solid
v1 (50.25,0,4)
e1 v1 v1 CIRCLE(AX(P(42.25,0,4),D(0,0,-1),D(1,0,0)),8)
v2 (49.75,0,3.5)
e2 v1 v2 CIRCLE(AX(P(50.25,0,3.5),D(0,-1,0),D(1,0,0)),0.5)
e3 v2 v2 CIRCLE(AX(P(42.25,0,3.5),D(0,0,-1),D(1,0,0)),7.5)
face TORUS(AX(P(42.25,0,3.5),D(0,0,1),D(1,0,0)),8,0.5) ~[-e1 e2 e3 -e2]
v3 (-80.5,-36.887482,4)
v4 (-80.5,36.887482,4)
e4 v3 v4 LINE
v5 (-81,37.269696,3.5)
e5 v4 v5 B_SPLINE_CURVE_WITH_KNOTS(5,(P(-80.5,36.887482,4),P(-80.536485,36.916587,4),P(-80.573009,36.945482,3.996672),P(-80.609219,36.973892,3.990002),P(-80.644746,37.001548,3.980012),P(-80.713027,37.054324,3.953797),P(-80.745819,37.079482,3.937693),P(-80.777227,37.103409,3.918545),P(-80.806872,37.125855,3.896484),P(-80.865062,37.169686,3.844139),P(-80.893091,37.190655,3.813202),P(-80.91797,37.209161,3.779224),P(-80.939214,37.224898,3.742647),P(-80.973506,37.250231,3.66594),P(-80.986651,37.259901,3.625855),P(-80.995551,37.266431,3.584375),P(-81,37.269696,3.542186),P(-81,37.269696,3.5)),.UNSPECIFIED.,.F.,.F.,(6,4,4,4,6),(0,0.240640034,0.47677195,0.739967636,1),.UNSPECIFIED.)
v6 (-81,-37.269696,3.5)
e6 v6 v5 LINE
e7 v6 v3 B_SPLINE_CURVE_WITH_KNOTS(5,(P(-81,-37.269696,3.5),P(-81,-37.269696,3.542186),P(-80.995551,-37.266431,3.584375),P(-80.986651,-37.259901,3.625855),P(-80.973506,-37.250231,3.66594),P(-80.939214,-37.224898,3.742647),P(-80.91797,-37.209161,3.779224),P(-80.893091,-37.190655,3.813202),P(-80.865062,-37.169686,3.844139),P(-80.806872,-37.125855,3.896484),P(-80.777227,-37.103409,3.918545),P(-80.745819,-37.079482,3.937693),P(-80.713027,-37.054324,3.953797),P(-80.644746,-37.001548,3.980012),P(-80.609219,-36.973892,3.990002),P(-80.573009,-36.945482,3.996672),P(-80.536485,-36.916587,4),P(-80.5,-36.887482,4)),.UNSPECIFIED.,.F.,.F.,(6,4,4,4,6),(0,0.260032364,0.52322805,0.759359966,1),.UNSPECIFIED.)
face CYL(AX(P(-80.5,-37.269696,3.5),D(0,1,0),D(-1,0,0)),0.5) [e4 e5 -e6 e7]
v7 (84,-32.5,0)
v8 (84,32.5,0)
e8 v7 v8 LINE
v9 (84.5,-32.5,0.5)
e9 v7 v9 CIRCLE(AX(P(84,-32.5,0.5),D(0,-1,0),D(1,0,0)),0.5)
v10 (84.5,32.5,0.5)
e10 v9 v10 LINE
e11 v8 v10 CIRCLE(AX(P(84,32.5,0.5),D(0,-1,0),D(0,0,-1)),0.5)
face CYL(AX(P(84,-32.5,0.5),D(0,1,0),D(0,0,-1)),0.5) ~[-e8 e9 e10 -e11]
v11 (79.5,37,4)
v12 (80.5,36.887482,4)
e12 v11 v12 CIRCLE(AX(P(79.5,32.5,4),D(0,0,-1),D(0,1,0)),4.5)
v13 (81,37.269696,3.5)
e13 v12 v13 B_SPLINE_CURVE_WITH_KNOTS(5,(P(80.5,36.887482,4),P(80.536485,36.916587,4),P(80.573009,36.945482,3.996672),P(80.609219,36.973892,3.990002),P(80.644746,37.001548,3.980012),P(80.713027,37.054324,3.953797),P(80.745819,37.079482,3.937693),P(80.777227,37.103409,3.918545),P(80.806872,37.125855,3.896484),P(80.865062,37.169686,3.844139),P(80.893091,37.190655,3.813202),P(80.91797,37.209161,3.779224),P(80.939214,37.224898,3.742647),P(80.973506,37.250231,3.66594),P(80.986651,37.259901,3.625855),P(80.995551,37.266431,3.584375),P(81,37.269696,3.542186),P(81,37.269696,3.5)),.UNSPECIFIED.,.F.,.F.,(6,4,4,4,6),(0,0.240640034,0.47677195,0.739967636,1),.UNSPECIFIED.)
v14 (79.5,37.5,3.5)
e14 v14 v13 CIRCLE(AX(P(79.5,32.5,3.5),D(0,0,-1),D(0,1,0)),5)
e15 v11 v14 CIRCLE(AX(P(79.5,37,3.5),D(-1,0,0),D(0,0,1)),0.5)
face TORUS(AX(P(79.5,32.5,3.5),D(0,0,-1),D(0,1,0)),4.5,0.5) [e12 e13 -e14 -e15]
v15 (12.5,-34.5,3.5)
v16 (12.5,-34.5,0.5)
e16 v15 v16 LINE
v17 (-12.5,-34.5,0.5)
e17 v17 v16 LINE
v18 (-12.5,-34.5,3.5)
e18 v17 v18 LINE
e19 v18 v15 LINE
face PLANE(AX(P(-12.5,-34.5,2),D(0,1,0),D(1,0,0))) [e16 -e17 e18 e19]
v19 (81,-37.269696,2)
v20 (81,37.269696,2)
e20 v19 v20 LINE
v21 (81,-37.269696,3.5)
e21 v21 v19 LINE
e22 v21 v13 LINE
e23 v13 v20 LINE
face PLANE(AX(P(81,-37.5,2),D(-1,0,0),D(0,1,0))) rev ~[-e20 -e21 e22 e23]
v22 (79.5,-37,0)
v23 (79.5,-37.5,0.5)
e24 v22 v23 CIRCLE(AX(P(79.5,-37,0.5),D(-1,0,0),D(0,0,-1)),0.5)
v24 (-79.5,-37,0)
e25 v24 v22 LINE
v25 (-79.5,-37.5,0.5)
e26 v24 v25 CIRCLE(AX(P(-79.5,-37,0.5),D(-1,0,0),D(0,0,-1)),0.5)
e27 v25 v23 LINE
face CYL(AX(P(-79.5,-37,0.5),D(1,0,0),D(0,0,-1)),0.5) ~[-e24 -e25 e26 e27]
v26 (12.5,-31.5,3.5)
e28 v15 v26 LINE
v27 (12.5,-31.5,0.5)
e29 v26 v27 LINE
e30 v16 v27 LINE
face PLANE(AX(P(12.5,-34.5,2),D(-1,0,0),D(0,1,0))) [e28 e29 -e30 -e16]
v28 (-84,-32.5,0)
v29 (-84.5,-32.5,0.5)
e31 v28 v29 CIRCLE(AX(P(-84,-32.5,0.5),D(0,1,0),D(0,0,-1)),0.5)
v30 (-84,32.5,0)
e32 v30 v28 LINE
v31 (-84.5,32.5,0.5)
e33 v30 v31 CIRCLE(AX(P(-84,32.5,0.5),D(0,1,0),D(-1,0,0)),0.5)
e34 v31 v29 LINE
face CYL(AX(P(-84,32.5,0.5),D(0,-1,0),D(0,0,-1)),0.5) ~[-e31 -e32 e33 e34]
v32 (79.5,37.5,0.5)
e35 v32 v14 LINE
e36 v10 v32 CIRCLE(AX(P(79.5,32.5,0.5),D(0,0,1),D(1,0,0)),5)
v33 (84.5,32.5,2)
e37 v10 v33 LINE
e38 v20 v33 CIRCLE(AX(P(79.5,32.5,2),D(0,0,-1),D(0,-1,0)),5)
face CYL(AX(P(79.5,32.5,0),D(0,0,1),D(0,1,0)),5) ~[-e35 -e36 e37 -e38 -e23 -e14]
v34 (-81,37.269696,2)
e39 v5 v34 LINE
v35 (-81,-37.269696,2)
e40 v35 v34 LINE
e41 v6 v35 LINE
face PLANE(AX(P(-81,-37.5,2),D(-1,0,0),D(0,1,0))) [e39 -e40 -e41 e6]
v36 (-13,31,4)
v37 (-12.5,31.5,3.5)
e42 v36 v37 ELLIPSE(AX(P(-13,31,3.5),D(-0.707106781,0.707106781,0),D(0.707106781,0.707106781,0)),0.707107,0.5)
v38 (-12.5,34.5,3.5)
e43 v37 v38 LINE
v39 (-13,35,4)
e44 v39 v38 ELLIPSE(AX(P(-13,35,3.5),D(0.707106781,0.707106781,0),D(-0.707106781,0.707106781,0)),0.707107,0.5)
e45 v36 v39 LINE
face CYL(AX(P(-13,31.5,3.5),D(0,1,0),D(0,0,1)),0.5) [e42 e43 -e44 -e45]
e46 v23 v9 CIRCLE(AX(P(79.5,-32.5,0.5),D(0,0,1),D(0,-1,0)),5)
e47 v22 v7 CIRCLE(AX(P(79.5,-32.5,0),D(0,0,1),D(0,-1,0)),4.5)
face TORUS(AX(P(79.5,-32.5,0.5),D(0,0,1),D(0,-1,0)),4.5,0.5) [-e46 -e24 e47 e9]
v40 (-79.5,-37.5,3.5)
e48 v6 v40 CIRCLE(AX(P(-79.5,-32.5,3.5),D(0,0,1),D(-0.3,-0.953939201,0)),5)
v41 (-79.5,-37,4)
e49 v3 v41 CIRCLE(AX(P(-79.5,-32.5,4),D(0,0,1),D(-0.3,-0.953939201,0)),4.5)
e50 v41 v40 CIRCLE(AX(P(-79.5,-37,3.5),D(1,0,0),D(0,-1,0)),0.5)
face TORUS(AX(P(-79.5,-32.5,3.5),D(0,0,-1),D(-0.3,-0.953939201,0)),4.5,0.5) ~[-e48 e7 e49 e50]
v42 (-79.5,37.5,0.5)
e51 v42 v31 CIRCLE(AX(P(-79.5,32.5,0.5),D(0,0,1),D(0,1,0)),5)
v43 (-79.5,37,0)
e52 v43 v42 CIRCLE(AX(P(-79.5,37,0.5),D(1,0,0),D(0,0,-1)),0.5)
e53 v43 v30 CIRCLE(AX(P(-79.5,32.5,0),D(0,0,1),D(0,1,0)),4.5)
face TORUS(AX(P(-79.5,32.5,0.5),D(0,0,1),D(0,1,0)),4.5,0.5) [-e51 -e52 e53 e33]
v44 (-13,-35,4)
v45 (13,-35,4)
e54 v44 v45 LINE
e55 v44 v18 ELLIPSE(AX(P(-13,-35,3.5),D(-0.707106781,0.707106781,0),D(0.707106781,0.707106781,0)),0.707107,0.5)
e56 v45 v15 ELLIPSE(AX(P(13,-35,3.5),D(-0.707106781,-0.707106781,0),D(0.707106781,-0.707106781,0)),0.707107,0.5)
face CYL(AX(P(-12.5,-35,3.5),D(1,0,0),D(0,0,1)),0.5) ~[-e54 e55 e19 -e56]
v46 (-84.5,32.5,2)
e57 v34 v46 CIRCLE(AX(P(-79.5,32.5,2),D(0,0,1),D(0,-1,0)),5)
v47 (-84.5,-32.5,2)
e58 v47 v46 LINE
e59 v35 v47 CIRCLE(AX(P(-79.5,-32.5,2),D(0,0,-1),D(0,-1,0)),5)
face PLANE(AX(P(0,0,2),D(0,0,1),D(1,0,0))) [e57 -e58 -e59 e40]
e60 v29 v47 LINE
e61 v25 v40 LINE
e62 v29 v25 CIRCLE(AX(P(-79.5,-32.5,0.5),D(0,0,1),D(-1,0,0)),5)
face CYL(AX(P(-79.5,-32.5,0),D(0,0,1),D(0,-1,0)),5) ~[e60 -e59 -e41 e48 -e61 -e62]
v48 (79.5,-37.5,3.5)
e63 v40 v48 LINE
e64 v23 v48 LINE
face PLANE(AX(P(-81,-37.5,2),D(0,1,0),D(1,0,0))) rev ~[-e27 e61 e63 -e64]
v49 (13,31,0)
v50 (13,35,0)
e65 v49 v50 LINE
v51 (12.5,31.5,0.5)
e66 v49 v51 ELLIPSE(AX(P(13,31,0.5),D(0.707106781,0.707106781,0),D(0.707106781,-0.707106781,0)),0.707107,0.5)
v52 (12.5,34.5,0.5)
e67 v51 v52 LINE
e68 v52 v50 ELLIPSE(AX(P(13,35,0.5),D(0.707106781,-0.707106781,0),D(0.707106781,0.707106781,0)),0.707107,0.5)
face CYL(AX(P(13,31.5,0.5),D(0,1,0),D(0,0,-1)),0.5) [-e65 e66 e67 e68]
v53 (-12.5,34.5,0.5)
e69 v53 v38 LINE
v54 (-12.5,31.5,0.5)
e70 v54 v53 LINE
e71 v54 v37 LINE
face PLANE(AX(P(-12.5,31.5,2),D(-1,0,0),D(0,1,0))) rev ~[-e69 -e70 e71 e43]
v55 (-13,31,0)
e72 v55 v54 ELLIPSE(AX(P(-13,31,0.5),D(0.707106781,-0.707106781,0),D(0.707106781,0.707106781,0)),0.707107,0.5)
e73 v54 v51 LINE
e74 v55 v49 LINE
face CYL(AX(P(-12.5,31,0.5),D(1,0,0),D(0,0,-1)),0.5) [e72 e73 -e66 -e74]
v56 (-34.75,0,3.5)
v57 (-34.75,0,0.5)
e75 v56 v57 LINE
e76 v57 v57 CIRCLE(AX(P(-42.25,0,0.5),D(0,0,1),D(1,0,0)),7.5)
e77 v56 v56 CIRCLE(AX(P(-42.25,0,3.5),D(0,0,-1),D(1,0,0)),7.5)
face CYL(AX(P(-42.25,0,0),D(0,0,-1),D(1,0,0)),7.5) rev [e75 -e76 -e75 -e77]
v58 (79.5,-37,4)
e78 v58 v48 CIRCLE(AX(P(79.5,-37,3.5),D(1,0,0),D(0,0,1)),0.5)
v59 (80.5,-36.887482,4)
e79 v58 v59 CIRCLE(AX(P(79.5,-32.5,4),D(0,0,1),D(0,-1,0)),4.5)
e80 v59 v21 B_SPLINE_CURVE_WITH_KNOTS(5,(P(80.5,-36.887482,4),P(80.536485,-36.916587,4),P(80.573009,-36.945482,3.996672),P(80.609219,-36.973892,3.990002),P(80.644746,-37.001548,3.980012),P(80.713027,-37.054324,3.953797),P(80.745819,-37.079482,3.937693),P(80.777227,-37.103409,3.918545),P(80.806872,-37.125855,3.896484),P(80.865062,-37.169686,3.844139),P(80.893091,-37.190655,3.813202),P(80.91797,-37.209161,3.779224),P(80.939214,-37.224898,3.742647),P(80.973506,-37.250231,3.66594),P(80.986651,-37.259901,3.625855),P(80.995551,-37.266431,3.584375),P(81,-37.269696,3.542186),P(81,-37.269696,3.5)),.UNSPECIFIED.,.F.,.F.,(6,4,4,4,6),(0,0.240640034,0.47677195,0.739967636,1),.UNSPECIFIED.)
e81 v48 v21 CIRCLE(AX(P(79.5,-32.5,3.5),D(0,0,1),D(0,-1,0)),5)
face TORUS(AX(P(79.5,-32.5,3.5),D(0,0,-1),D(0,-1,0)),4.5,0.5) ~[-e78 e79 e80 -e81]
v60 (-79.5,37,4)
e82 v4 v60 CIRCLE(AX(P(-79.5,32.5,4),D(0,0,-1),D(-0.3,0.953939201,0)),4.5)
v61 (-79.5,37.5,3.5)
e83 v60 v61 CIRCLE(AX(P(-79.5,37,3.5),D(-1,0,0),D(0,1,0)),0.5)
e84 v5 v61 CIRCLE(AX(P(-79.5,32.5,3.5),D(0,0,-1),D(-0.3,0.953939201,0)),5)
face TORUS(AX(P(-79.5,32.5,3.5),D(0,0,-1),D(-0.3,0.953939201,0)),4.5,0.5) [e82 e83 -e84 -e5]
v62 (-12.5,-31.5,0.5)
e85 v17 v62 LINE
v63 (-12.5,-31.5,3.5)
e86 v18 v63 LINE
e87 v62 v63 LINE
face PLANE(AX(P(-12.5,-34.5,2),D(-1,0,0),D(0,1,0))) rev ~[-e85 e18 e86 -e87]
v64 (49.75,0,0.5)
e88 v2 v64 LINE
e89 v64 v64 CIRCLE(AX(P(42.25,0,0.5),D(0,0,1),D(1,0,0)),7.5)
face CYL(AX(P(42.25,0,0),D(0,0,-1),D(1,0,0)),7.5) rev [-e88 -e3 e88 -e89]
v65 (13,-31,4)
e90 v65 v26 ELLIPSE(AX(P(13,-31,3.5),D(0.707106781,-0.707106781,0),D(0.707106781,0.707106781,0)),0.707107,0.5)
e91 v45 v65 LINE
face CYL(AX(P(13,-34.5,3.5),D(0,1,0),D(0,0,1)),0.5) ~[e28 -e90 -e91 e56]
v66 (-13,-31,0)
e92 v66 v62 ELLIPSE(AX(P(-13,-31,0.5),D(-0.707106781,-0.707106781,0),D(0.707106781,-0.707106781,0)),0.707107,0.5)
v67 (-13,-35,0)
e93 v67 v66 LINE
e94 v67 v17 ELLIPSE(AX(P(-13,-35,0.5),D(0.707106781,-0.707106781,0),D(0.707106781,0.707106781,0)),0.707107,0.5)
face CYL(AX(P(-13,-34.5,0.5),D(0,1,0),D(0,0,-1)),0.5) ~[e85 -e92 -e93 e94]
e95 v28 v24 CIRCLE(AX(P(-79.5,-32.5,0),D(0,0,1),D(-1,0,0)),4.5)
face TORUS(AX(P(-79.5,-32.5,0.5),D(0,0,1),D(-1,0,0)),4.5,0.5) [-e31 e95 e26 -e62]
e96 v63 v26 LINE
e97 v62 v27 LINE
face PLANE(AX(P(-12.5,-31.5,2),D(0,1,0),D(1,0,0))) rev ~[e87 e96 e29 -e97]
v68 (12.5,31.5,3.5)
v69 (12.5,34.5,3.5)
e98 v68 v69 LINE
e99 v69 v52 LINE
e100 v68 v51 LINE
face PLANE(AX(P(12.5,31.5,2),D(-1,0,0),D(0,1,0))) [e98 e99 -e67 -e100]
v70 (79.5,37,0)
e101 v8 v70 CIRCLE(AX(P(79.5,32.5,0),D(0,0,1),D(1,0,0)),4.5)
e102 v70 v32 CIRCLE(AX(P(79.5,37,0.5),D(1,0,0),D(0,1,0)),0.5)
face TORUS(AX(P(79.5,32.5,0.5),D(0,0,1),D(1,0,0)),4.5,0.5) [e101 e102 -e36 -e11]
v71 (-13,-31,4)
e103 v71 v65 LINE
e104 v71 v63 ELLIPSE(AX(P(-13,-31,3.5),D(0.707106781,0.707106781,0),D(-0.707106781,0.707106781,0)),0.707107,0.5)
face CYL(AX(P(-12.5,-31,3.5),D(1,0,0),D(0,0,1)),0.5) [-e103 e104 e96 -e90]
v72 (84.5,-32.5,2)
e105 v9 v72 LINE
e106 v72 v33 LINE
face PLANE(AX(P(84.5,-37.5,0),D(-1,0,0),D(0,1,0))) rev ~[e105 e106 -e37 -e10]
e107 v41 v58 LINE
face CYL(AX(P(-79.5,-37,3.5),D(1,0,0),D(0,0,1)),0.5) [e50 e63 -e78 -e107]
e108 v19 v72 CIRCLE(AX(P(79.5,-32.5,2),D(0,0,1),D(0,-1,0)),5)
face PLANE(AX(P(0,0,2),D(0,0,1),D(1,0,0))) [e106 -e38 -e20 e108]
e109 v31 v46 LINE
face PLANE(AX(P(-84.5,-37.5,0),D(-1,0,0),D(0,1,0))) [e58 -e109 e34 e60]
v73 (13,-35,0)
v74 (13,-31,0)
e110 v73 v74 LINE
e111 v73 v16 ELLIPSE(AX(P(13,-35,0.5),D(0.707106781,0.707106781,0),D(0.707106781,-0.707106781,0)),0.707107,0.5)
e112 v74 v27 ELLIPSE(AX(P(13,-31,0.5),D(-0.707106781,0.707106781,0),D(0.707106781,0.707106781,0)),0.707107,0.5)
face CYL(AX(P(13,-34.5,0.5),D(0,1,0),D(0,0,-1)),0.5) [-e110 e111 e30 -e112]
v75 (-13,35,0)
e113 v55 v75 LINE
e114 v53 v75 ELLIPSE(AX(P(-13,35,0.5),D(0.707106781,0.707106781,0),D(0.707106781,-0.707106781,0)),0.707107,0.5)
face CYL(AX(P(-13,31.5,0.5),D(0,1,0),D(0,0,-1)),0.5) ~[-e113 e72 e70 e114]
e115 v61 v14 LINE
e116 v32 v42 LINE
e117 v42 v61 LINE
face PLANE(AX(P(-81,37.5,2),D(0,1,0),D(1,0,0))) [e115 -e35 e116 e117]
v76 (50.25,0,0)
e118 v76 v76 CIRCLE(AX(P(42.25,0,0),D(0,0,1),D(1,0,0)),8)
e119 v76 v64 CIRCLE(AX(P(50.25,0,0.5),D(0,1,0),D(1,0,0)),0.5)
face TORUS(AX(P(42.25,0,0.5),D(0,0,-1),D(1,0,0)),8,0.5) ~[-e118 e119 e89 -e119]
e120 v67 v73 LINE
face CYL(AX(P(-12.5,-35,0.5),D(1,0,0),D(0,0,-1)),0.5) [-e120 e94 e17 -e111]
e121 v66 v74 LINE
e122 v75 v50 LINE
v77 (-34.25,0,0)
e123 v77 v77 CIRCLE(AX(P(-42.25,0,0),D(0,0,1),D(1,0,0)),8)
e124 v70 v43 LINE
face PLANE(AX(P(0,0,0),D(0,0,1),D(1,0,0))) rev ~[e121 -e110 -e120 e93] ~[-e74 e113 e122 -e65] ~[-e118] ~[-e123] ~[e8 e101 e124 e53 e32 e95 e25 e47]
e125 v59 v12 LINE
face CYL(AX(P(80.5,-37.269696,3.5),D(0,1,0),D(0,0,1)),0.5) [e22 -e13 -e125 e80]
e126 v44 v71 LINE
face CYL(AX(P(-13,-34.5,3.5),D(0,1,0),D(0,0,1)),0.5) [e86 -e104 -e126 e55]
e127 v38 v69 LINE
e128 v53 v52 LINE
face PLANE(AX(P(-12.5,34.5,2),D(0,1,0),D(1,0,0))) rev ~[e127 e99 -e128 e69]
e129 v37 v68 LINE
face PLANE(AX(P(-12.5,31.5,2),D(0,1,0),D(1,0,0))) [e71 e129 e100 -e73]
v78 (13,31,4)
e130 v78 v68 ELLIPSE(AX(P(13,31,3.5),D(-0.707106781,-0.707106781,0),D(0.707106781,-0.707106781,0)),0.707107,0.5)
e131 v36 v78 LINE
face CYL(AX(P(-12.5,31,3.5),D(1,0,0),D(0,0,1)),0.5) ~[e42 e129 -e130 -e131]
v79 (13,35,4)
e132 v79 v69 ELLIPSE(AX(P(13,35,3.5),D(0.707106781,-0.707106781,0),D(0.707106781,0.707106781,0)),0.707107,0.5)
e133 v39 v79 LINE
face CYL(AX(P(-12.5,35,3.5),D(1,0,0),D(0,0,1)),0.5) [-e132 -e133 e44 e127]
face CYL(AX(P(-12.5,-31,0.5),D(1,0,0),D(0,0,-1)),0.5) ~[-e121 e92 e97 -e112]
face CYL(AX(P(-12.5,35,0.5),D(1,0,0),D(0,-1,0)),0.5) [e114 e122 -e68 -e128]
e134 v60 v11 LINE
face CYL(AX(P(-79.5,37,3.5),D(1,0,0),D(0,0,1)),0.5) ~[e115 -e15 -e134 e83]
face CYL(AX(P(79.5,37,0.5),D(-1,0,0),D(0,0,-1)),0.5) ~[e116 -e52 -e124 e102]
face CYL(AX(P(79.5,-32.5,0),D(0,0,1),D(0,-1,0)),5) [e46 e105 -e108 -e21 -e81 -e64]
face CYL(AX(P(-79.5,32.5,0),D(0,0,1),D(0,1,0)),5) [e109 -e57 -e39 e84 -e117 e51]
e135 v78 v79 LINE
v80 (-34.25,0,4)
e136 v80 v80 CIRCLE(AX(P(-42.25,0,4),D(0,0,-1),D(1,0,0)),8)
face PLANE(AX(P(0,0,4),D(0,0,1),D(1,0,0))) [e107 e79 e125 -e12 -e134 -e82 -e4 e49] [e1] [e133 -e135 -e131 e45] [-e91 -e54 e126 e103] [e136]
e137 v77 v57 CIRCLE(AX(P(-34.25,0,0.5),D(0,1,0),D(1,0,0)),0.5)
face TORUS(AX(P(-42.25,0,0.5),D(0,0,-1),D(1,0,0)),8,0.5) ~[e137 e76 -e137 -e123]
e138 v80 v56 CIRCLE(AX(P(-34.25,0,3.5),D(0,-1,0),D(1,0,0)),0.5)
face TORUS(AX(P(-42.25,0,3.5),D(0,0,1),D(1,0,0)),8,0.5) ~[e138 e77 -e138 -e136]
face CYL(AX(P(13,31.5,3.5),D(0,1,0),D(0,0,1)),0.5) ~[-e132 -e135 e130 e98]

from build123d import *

# Parameters (mm, degrees)
F0_W     = 169
F0_H     = 75
F0_R     = 7.5
F1_DEPTH = 2
F2_W     = 162
F2_H     = 75
F2_W_2   = 25
F2_H_2   = 3
F3_DEPTH = 2
F4_R     = 5
F5_DEPTH = 25
F6_DEPTH = 25
F7_R     = 0.5


with BuildPart() as f1:
    # F0 (on Top) → F1 (new body)
    with BuildSketch(Plane.XY):
        Rectangle(F0_W, F0_H)
        with Locations((-42.25, 0)):
            Circle(F0_R, mode=Mode.SUBTRACT)
        with Locations((42.25, 0)):
            Circle(F0_R, mode=Mode.SUBTRACT)
    extrude(amount=F1_DEPTH)

    # F2 (on face) → F3 (join)
    with BuildSketch(Plane.XY.offset(2)):
        Rectangle(F2_W, F2_H)
        with Locations((0, -33)):
            Rectangle(F2_W_2, F2_H_2, mode=Mode.SUBTRACT)
        with Locations((0, 33)):
            Rectangle(F2_W_2, F2_H_2, mode=Mode.SUBTRACT)
    extrude(amount=F3_DEPTH)

    # F4
    f4_edges = [f1.edges().sort_by_distance(p)[0] for p in [
        (-84.5, -37.5, 1),
        (84.5, -37.5, 1),
        (84.5, 37.5, 1),
        (-84.5, 37.5, 1),
    ]]
    fillet(f4_edges, radius=F4_R)

    # F0 (on Top) → F5 (cut)
    with BuildSketch(Plane.XY):
        with Locations((42.25, 0)):
            Circle(F0_R)
        with Locations((-42.25, 0)):
            Circle(F0_R)
    extrude(amount=F5_DEPTH, mode=Mode.SUBTRACT)

    # F2 (on face) → F6 (cut)
    with BuildSketch(Plane.XY.offset(2)):
        with Locations((0, 33)):
            Rectangle(F2_W_2, F2_H_2)
        with Locations((0, -33)):
            Rectangle(F2_W_2, F2_H_2)
    extrude(amount=-F6_DEPTH, mode=Mode.SUBTRACT)

    # F7
    f7_edges = [f1.edges().sort_by_distance(p)[0] for p in [
        (0, 37.5, 4),
        (80.258788, 37.442089, 4),
        (-80.258788, 37.442089, 4),
        (81, 0, 4),
        (-81, 0, 4),
        (80.258788, -37.442089, 4),
        (-80.258788, -37.442089, 4),
        (0, -37.5, 4),
        (-12.5, -33, 4),
        (0, -34.5, 4),
        (0, -31.5, 4),
        (12.5, -33, 4),
        (-49.75, 0, 4),
        (34.75, 0, 4),
        (-12.5, 33, 4),
        (0, 31.5, 4),
        (0, 34.5, 4),
        (12.5, 33, 4),
        (0, -37.5, 0),
        (-83.035534, -36.035534, 0),
        (83.035534, -36.035534, 0),
        (-84.5, 0, 0),
        (84.5, 0, 0),
        (-83.035534, 36.035534, 0),
        (83.035534, 36.035534, 0),
        (0, 37.5, 0),
        (0, -31.5, 0),
        (-12.5, -33, 0),
        (0, -34.5, 0),
        (12.5, -33, 0),
        (-49.75, 0, 0),
        (34.75, 0, 0),
        (0, 34.5, 0),
        (-12.5, 33, 0),
        (0, 31.5, 0),
        (12.5, 33, 0),
    ]]
    fillet(f7_edges, radius=F7_R)


solid = f1.part
